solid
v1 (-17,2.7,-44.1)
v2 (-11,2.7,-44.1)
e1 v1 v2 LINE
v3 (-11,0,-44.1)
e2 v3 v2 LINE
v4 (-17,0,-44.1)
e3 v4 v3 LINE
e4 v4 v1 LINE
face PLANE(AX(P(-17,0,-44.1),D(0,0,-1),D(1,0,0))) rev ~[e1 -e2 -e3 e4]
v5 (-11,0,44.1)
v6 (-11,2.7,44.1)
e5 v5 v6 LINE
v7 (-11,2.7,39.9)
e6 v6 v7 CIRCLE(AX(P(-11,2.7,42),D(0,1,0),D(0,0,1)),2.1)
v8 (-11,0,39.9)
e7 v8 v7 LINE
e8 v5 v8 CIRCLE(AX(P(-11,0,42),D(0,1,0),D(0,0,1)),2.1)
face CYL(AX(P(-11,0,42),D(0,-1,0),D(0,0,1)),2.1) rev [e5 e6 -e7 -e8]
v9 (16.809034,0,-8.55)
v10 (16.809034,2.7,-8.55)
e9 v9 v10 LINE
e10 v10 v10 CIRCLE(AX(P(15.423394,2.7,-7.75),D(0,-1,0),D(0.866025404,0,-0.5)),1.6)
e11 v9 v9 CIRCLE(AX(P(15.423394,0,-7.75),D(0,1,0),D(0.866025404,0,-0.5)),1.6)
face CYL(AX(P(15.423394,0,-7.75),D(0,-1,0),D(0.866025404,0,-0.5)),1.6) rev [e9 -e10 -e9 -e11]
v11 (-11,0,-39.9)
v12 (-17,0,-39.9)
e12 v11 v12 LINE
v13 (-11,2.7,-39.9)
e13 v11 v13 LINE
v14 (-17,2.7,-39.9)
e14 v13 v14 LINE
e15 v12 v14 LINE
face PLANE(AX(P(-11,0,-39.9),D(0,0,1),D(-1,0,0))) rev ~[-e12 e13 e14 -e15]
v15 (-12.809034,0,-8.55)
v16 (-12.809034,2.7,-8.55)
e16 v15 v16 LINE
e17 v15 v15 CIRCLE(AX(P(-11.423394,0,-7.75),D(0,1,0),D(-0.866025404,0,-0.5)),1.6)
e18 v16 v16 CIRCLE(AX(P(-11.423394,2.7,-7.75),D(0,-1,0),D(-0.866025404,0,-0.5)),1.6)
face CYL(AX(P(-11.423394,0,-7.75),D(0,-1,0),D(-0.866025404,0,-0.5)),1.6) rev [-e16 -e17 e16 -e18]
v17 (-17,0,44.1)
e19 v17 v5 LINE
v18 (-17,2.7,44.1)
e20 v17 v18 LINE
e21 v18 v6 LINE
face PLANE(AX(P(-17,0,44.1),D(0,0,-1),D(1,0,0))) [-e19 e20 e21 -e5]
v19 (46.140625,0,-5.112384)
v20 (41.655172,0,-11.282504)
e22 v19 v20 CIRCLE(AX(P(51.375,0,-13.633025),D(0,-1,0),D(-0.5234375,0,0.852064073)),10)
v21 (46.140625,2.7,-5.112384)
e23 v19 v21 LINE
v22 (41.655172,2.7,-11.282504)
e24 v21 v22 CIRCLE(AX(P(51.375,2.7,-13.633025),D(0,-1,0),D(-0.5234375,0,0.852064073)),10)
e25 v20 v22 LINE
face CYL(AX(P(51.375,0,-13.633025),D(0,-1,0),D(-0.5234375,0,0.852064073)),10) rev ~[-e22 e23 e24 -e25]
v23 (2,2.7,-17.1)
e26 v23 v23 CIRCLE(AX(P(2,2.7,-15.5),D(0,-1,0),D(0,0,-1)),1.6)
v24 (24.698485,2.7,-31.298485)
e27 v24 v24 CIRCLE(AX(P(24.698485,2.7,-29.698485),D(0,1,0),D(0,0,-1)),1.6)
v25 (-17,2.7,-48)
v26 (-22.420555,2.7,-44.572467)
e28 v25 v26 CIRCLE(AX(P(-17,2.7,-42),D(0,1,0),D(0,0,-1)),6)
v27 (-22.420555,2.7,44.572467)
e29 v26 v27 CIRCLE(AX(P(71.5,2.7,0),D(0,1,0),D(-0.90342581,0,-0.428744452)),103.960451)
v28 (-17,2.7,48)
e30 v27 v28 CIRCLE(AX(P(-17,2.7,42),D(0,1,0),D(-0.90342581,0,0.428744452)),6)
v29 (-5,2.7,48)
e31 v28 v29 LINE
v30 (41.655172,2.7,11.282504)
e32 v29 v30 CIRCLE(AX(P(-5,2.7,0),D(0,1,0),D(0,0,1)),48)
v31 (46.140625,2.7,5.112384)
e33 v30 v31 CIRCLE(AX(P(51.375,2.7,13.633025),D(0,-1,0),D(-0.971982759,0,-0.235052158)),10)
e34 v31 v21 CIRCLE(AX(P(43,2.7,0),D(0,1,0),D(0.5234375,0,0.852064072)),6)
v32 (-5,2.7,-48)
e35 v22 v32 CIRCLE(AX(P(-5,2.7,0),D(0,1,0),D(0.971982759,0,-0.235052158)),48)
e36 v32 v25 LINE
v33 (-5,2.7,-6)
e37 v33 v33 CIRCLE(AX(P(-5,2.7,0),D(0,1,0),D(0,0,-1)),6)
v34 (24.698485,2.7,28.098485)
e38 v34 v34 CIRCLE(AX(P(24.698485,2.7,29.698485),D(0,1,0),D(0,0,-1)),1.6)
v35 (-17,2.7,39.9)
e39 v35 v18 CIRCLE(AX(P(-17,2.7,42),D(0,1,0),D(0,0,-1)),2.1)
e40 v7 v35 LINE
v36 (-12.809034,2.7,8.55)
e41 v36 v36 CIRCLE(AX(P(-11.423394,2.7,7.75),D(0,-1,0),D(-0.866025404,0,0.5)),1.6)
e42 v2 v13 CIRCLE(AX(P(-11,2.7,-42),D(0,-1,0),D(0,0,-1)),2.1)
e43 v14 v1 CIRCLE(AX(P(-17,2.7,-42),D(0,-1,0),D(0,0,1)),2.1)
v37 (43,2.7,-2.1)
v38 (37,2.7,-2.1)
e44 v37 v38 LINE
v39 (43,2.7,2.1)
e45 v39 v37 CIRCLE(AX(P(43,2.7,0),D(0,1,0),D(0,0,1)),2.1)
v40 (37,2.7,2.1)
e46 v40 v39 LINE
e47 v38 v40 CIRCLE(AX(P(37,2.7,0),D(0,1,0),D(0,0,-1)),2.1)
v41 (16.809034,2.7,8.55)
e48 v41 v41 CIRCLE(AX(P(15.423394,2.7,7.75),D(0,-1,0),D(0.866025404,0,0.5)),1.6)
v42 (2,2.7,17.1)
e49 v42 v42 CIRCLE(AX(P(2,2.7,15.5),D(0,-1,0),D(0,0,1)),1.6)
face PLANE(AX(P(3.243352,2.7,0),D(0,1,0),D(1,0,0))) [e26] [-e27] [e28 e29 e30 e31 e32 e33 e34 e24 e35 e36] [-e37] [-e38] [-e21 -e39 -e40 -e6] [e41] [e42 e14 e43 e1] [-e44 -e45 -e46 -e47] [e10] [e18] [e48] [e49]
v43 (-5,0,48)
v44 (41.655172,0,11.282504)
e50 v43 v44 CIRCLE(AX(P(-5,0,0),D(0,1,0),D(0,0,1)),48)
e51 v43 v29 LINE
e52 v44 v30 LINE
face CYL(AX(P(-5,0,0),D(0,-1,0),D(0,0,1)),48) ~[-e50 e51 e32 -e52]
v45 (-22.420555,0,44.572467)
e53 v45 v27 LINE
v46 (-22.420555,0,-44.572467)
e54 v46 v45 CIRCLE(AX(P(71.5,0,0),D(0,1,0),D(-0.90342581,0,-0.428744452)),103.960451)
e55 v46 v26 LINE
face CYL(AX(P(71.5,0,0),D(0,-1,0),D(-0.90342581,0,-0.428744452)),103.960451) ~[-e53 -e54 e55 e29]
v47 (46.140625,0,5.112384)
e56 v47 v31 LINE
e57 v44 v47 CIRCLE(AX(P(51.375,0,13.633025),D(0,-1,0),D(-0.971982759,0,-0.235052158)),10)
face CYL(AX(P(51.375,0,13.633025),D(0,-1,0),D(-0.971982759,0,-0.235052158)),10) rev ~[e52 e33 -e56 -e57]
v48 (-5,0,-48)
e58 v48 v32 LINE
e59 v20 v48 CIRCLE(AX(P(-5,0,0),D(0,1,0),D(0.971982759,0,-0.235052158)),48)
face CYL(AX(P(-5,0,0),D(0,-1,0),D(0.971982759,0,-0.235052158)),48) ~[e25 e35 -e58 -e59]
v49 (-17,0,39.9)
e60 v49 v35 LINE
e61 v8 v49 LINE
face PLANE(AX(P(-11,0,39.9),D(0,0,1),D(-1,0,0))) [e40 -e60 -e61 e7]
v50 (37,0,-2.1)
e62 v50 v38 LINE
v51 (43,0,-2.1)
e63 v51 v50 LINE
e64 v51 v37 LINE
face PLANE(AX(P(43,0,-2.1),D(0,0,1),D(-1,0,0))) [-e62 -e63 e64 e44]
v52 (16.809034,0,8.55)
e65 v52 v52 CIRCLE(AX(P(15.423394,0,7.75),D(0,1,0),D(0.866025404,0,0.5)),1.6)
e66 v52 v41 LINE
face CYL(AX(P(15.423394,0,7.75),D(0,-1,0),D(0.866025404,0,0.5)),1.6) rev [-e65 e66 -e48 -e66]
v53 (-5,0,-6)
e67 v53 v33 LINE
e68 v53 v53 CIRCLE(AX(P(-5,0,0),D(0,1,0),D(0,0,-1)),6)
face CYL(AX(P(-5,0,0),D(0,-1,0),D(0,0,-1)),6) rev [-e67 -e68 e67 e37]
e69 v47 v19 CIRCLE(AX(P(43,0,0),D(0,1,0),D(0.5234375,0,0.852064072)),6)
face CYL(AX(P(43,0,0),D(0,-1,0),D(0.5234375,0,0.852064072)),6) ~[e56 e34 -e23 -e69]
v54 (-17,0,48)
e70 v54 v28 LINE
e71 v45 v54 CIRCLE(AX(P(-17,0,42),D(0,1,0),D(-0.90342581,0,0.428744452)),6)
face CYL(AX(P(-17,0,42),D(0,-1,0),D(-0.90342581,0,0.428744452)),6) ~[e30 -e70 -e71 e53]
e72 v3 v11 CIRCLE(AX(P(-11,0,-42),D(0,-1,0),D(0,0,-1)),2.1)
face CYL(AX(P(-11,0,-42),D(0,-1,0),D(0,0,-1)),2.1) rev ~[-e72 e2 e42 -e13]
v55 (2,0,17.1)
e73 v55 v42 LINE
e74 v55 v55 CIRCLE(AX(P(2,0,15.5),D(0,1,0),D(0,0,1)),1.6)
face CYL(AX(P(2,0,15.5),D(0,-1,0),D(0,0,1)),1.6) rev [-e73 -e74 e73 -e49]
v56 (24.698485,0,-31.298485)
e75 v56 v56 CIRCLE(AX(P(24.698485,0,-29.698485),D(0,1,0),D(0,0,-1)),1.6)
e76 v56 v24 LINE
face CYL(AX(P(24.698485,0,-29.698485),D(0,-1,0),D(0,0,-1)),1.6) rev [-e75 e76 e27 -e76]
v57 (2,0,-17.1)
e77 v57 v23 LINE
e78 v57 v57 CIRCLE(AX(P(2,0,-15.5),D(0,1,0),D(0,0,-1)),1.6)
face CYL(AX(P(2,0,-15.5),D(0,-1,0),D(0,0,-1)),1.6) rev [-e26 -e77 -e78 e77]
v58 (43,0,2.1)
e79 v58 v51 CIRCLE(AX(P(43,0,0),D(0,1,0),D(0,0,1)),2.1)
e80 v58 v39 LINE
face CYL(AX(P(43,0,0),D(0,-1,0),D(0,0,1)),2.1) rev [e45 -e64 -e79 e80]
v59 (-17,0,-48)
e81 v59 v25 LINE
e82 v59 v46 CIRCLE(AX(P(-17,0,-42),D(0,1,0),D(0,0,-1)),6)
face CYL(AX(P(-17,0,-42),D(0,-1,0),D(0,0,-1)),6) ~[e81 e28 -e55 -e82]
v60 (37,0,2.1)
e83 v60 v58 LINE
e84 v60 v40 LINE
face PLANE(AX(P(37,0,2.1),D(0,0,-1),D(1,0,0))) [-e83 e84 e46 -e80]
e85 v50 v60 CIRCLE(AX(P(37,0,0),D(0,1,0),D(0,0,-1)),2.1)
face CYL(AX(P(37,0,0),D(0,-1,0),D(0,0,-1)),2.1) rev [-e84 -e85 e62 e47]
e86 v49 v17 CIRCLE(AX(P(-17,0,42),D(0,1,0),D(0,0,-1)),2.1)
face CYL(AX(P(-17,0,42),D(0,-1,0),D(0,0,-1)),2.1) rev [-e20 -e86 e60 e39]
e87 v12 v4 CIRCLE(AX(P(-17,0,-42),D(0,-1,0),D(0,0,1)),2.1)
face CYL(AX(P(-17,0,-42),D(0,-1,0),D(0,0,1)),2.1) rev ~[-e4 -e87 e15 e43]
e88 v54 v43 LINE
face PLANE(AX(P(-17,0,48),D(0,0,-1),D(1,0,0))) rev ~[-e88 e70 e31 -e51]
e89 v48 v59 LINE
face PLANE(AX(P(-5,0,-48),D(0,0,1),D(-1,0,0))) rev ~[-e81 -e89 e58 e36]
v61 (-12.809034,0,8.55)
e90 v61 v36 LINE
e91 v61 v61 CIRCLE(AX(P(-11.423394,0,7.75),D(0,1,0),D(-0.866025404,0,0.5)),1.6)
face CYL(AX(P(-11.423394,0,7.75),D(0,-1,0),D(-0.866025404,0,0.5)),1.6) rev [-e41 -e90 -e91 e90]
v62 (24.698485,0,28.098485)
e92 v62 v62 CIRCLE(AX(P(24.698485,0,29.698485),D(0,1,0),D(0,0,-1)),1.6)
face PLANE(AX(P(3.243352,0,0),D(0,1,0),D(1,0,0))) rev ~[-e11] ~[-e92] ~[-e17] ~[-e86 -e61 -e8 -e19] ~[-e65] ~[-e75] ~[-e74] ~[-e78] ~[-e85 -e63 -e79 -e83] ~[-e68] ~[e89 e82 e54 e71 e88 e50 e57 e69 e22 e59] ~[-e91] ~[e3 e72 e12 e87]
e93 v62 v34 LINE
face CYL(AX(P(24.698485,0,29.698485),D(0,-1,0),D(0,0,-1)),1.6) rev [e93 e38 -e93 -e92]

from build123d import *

# Parameters (mm, degrees)
ESQUISSE2_R                  = 6
ESQUISSE2_R_2                = 1.6
BOSS_EXTRU_1_DEPTH           = 2.7
ESQUISSE3_R                  = 1.6
ENL_V_MAT_EXTRU_1_DEPTH      = 69.646121522
R_P_TITION_CIRCULAIRE1_COUNT = 6


with BuildPart() as part:
    # Esquisse2 → Boss.-Extru.1 (new body)
    with BuildSketch(Plane(origin=(0, 0, 0), x_dir=(1, 0, 0), z_dir=(0, 1, 0))):
        with BuildLine():
            Line((-17, -48), (-5, -48))
            ThreePointArc((-5, -48), (24.685348475, -37.719757236), (41.655172414, -11.28250358))
            ThreePointArc((41.655172414, -11.28250358), (43.286450296, -7.752943214), (46.140625, -5.112384435))
            ThreePointArc((46.140625, -5.112384435), (49, 0), (46.140625, 5.112384435))
            ThreePointArc((46.140625, 5.112384435), (43.286450296, 7.752943214), (41.655172414, 11.28250358))
            ThreePointArc((41.655172414, 11.28250358), (24.685348475, 37.719757236), (-5, 48))
            Line((-5, 48), (-17, 48))
            ThreePointArc((-17, 48), (-20.20664932, 47.071232606), (-22.420554861, 44.572466714))
            ThreePointArc((-22.420554861, 44.572466714), (-32.460451204, 0), (-22.420554861, -44.572466714))
            ThreePointArc((-22.420554861, -44.572466714), (-20.20664932, -47.071232606), (-17, -48))
        make_face()
        with Locations((-5, 0)):
            Circle(ESQUISSE2_R, mode=Mode.SUBTRACT)
        with Locations((24.69848481, 29.69848481)):
            Circle(ESQUISSE2_R_2, mode=Mode.SUBTRACT)
        with Locations((24.69848481, -29.69848481)):
            Circle(ESQUISSE2_R_2, mode=Mode.SUBTRACT)
        with BuildLine():
            Line((-17, 44.1), (-11, 44.1))
            ThreePointArc((-11, 44.1), (-8.9, 42), (-11, 39.9))
            Line((-11, 39.9), (-17, 39.9))
            ThreePointArc((-17, 39.9), (-19.1, 42), (-17, 44.1))
        make_face(mode=Mode.SUBTRACT)
        with BuildLine():
            Line((43, 2.1), (37, 2.1))
            ThreePointArc((37, 2.1), (34.9, 0), (37, -2.1))
            Line((37, -2.1), (43, -2.1))
            ThreePointArc((43, -2.1), (45.1, 0), (43, 2.1))
        make_face(mode=Mode.SUBTRACT)
        with BuildLine():
            Line((-17, -44.1), (-11, -44.1))
            ThreePointArc((-11, -44.1), (-8.9, -42), (-11, -39.9))
            Line((-11, -39.9), (-17, -39.9))
            ThreePointArc((-17, -39.9), (-19.1, -42), (-17, -44.1))
        make_face(mode=Mode.SUBTRACT)
    extrude(amount=BOSS_EXTRU_1_DEPTH)

    # Esquisse3 → Enlèv. mat.-Extru.1 (cut, through all)
    with BuildSketch(Plane(origin=(0, 0, 0), x_dir=(1, 0, 0), z_dir=(0, 1, 0))):
        with Locations((2, 15.5)):
            Circle(ESQUISSE3_R)
    enl_v_mat_extru_1 = extrude(amount=ENL_V_MAT_EXTRU_1_DEPTH, mode=Mode.SUBTRACT)

    # Répétition circulaire1: Enlèv. mat.-Extru.1 ×6 about axis
    r_p_tition_circulaire1_axis = Axis((2, 0, 0), (0, 1, 0))
    for i in range(1, R_P_TITION_CIRCULAIRE1_COUNT):
        add(enl_v_mat_extru_1.rotate(r_p_tition_circulaire1_axis, i * 360 / R_P_TITION_CIRCULAIRE1_COUNT), mode=Mode.SUBTRACT)


solid = part.part
